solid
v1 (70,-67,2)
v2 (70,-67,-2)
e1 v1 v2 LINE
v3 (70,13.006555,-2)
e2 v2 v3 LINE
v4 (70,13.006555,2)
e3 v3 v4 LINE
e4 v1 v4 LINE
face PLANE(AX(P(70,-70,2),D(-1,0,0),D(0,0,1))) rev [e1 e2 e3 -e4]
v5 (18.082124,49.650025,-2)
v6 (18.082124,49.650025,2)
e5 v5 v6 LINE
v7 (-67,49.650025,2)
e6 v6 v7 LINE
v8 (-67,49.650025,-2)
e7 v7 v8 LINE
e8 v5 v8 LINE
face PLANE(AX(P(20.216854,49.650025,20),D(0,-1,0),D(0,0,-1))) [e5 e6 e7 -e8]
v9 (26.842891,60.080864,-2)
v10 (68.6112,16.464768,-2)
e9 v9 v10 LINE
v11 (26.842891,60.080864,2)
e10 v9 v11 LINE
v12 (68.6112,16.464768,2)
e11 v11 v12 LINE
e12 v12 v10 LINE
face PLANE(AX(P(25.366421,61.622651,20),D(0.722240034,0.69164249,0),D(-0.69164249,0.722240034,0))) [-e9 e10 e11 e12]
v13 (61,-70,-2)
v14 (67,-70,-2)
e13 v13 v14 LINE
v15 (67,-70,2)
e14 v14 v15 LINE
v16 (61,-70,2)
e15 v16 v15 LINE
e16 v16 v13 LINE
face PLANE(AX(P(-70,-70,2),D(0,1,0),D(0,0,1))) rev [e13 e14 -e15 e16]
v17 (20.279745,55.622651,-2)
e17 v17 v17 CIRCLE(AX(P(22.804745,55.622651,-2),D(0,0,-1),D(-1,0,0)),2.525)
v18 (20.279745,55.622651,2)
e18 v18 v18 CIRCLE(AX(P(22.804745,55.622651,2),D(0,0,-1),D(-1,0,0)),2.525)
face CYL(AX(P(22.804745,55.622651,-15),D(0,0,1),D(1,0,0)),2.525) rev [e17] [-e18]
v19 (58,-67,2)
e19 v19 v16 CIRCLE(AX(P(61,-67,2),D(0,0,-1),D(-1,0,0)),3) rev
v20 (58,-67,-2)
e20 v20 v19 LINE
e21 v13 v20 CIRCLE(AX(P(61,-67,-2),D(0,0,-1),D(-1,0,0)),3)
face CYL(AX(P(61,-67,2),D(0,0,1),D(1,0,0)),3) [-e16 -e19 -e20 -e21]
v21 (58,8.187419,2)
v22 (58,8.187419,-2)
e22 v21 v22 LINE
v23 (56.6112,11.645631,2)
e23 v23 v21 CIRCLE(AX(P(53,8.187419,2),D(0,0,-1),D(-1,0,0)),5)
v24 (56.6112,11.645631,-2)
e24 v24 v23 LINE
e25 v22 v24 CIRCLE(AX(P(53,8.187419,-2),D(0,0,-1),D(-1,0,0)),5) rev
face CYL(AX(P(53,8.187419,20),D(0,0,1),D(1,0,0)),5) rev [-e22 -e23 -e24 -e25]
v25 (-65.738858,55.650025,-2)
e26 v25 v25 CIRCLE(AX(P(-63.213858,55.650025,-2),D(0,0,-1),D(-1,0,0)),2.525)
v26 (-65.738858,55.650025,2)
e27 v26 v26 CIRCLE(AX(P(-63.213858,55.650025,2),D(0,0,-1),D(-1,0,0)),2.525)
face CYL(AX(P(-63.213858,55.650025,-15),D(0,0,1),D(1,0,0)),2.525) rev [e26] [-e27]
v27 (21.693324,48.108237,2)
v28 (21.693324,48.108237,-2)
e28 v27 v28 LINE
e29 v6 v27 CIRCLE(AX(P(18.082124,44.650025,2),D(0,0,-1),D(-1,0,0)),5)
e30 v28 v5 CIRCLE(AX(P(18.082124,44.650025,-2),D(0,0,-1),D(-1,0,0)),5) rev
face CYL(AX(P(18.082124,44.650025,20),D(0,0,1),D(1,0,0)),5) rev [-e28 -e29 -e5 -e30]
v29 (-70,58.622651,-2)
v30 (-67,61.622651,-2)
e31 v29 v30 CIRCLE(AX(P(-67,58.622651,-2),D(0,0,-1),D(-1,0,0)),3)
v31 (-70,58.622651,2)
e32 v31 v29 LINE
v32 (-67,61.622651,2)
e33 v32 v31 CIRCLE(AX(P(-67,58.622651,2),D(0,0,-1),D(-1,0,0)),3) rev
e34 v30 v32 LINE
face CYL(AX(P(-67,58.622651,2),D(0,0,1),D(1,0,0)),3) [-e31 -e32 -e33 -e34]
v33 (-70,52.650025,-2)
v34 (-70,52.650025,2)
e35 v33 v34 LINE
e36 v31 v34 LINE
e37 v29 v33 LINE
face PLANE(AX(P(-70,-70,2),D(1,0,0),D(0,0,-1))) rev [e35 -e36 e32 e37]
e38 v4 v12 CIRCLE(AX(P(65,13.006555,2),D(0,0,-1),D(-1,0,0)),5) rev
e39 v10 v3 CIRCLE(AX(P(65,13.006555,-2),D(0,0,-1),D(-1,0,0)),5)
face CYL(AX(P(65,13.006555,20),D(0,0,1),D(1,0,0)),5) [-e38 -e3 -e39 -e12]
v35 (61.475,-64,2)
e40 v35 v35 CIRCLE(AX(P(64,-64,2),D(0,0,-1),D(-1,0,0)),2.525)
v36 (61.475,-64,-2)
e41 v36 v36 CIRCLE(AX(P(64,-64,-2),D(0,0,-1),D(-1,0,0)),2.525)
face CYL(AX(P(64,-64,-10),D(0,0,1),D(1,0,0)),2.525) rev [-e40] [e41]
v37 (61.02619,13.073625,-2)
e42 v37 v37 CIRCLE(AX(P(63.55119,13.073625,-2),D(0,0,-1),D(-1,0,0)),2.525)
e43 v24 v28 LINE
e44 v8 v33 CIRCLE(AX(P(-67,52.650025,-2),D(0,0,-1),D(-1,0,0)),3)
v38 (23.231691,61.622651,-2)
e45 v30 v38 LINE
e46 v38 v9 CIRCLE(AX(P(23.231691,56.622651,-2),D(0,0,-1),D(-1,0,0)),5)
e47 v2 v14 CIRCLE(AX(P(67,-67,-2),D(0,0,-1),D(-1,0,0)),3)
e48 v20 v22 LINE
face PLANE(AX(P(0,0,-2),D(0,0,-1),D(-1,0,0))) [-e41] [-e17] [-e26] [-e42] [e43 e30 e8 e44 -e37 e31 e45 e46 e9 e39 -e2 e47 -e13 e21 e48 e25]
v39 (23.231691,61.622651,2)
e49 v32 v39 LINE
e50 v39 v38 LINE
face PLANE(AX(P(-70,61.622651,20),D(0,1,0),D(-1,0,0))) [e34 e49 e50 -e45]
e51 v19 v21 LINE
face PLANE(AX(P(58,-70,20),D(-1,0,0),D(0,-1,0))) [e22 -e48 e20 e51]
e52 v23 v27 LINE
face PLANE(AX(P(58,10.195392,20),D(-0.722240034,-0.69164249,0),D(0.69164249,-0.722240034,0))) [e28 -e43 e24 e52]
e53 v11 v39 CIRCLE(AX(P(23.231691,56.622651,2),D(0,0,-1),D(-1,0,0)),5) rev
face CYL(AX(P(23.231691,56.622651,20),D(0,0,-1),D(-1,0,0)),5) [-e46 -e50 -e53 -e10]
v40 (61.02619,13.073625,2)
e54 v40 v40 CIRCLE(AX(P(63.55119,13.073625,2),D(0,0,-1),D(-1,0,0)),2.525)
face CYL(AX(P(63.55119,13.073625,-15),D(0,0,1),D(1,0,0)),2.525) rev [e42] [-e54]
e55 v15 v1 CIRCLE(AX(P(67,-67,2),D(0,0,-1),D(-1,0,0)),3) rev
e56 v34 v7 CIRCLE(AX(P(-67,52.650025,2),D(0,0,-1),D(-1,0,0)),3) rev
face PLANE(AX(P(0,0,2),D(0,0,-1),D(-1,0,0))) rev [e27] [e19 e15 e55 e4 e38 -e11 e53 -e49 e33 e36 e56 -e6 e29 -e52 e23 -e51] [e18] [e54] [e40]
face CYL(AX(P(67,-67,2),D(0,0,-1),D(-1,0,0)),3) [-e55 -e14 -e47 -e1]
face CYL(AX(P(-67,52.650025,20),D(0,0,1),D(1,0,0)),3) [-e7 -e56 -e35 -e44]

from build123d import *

# Parameters (mm, degrees)
SKETCH_1_W          = 140
SKETCH_1_H          = 140
EXTRUDE_1_DEPTH     = 2
SKETCH_2_R          = 2.525
CUT_EXTRUDE_1_DEPTH = 12
SKETCH_3_R          = 2.525
CUT_EXTRUDE_2_DEPTH = 17
SKETCH_4_OUTSIDE_W  = 181.606
SKETCH_4_OUTSIDE_H  = 181.606
CUT_EXTRUDE_3_DEPTH = 22
FILLET_1_R          = 3
FILLET_2_R          = 3
FILLET_3_R          = 5


with BuildPart() as part:
    # 草图1 → 凸台-拉伸1 (new, symmetric)
    with BuildSketch(Plane.XY):
        Rectangle(SKETCH_1_W, SKETCH_1_H)
    extrude(amount=EXTRUDE_1_DEPTH, both=True)

    # 草图2 → 切除-拉伸1 (cut, symmetric)
    with BuildSketch(Plane.XY.offset(2)):
        with Locations(Location((64, -64, 0), (0, 0, 180))):
            Circle(SKETCH_2_R)
    extrude(amount=CUT_EXTRUDE_1_DEPTH, both=True, mode=Mode.SUBTRACT)

    # 草图3 → 切除-拉伸2 (cut, symmetric)
    with BuildSketch(Plane.XY.offset(2)):
        with Locations(Location((63.551189893, 13.073625474, 0), (0, 0, 180))):
            Circle(SKETCH_3_R)
        with Locations(Location((22.804744615, 55.6226511, 0), (0, 0, 180))):
            Circle(SKETCH_3_R)
        with Locations(Location((-63.213858355, 55.65002484, 0), (0, 0, 180))):
            Circle(SKETCH_3_R)
    extrude(amount=CUT_EXTRUDE_2_DEPTH, both=True, mode=Mode.SUBTRACT)

    # 草图4 outside → 切除-拉伸3 (cut, symmetric)
    with BuildSketch(Plane(origin=(0, 0, -2), x_dir=(-1, 0, 0), z_dir=(0, 0, -1))):
        Rectangle(SKETCH_4_OUTSIDE_W, SKETCH_4_OUTSIDE_H)
        Polygon((-58, -70), (-58, 10.195392206), (-20.216854418, 49.65002484), (70, 49.65002484), (70, 61.6226511), (-25.366420755, 61.6226511), (-70, 15.014528745), (-70, -70), align=None, mode=Mode.SUBTRACT)
    extrude(amount=CUT_EXTRUDE_3_DEPTH, both=True, mode=Mode.SUBTRACT)

    # 圆角1
    fillet_1_edges = [part.edges().sort_by_distance(p)[0] for p in [
        (58, -70, 0),
        (70, -70, 0),
    ]]
    fillet(fillet_1_edges, radius=FILLET_1_R)

    # 圆角2
    fillet_2_edges = [part.edges().sort_by_distance(p)[0] for p in [
        (-70, 61.6226511, 0),
        (-70, 49.65002484, 0),
    ]]
    fillet(fillet_2_edges, radius=FILLET_2_R)

    # 圆角3
    fillet_3_edges = [part.edges().sort_by_distance(p)[0] for p in [
        (70, 15.014528745, 0),
        (25.366420755, 61.6226511, 0),
        (20.216854418, 49.65002484, 0),
        (58, 10.195392206, 0),
    ]]
    fillet(fillet_3_edges, radius=FILLET_3_R)


solid = part.part
